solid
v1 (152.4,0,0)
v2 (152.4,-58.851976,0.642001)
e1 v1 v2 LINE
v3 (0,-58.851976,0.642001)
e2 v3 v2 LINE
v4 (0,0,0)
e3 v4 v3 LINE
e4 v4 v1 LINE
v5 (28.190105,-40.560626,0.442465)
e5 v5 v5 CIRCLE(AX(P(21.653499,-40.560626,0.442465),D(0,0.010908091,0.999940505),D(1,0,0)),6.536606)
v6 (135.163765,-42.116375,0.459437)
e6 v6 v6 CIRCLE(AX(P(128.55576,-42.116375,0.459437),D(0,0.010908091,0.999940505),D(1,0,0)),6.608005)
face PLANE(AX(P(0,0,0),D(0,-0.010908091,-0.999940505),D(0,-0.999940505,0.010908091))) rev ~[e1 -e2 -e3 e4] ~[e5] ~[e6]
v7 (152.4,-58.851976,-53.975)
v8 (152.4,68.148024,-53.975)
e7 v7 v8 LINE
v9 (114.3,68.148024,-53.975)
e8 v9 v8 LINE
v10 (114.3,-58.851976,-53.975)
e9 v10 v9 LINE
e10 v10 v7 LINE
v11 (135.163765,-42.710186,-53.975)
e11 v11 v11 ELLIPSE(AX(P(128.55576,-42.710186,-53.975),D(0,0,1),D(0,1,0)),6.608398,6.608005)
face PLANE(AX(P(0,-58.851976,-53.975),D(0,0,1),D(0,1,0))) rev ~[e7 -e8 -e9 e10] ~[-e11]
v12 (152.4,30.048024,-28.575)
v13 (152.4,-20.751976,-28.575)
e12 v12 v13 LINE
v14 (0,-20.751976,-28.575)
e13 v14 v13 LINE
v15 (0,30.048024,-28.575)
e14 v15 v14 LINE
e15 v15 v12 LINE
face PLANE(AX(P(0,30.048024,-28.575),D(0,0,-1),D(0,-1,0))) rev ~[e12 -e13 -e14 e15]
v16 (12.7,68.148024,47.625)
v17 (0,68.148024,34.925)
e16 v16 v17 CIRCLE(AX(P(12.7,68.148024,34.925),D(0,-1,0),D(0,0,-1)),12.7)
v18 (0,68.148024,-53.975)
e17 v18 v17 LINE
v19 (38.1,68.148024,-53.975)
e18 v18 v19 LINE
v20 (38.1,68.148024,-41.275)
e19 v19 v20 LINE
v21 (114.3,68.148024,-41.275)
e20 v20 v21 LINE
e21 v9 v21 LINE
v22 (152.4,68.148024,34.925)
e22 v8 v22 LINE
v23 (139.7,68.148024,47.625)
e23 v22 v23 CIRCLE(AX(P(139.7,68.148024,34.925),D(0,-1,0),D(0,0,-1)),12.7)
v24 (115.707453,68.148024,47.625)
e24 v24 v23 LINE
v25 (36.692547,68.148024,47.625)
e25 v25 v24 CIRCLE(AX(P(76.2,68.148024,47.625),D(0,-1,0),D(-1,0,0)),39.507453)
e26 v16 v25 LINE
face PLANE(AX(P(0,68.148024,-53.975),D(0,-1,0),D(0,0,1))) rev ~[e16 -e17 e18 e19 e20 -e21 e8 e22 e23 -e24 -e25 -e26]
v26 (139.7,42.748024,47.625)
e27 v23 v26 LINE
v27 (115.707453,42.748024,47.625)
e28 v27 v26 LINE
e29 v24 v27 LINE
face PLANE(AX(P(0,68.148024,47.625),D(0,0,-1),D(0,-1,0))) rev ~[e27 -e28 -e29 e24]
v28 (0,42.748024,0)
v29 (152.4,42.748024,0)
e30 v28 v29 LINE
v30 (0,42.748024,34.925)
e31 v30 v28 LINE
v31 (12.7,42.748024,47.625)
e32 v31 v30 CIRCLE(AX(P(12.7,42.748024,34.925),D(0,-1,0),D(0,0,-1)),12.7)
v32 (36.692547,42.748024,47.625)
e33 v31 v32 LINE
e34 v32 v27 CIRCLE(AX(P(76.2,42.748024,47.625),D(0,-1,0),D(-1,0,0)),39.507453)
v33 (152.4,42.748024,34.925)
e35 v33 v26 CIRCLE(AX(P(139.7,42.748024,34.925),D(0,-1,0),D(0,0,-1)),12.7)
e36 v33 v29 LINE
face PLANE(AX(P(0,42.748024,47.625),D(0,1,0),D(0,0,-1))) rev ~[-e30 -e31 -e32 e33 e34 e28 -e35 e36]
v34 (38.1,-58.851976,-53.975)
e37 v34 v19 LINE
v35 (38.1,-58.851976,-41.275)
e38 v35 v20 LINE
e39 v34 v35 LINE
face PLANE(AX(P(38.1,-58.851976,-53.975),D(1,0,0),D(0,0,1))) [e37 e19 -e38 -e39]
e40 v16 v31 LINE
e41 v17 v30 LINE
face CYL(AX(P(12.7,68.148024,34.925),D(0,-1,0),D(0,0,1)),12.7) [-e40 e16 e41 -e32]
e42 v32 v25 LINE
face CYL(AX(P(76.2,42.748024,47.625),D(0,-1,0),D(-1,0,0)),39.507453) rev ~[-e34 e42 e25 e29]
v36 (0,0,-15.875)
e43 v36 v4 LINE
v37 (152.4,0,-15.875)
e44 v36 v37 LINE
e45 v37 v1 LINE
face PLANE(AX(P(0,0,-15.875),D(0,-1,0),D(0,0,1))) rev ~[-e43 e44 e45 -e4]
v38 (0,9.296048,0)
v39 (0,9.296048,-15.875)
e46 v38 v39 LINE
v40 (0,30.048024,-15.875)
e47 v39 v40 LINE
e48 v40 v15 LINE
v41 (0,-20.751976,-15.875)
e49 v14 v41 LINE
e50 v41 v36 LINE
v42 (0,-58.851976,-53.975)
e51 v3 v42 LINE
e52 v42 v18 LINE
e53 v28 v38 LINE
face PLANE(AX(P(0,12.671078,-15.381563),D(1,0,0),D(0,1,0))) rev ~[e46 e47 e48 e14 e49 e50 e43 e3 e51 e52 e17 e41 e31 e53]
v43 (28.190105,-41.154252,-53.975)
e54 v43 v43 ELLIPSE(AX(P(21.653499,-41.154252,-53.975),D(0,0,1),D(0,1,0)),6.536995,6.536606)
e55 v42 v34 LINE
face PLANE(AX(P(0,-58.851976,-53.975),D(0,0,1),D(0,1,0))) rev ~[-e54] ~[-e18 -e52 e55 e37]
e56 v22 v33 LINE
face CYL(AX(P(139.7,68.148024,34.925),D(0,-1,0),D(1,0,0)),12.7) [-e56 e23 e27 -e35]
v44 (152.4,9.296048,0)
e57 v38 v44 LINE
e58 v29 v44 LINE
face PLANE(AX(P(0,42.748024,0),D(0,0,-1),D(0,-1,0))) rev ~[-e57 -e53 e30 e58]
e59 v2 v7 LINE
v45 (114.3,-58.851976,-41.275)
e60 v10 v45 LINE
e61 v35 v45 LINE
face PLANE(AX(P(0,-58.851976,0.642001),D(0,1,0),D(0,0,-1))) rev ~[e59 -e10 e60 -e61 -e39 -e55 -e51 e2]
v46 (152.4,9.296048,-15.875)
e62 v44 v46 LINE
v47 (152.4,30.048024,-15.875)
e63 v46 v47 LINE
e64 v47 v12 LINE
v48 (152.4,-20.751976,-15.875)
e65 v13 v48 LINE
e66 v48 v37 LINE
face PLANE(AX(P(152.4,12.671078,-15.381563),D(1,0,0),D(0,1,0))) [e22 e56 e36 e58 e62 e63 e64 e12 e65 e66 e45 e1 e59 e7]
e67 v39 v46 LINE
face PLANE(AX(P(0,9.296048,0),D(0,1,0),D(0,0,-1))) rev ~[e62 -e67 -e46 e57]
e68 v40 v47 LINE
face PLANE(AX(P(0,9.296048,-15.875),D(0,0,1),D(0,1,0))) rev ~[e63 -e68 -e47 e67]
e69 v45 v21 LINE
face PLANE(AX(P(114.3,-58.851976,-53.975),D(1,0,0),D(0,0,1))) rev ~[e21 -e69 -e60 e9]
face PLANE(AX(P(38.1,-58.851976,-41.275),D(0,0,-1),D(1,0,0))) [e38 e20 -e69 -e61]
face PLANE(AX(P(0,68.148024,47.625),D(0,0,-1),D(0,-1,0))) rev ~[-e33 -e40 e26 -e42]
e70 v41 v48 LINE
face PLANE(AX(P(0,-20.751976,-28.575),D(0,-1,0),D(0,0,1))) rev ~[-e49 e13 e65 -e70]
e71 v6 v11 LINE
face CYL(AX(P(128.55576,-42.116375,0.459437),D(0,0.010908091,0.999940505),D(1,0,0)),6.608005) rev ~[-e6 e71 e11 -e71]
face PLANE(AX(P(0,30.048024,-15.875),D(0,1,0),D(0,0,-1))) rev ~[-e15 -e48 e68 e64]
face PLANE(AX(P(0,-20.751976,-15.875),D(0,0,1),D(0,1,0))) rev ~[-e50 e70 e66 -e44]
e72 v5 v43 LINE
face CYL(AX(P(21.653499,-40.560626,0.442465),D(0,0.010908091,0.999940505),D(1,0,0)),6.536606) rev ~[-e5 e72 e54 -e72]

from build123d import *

# Parameters (mm, degrees)
F1_DEPTH = 152.4
F2_W     = 76.2
F2_H     = 12.7
F3_DEPTH = 127.001
F4_R     = 39.507453211
F5_DEPTH = 25.4
F6_R     = 12.7
F7_R     = 6.6080051974
F7_R_2   = 6.5366056143
F8_DEPTH = 54.6147514972


with BuildPart() as f1:
    # F0 (on Right) → F1 (new body)
    with BuildSketch(Plane.YZ):
        Polygon((68.1480239093, 47.625), (42.7480239093, 47.625), (42.7480239093, 0), (9.2960478187, 0), (9.2960478187, -15.875), (30.0480239093, -15.875), (30.0480239093, -28.575), (-20.7519760907, -28.575), (-20.7519760907, -15.875), (0, -15.875), (0, 0), (-58.8519760907, 0.6420009357), (-58.8519760907, -53.975), (68.1480239093, -53.975), align=None)
    extrude(amount=F1_DEPTH)

    # F2 (on face) → F3 (cut, through all)
    with BuildSketch(Plane.XZ.offset(58.8519760907)):
        with Locations((76.2, -47.625)):
            Rectangle(F2_W, F2_H)
    extrude(amount=-F3_DEPTH, mode=Mode.SUBTRACT)

    # F4 (on face) → F5 (cut)
    with BuildSketch(Plane.XZ.offset(-42.7480239093)):
        with Locations((76.2, 47.625)):
            Circle(F4_R)
        with BuildLine():
            ThreePointArc((36.692546789, 47.625), (76.2, 8.117546789), (115.707453211, 47.625))
            Line((115.707453211, 47.625), (36.692546789, 47.625))
        make_face()
    extrude(amount=-F5_DEPTH, mode=Mode.SUBTRACT)

    # F6
    f6_edges = [f1.edges().sort_by_distance(p)[0] for p in [
        (152.4, 55.448024, 47.625),
        (0, 55.448024, 47.625),
    ]]
    fillet(f6_edges, radius=F6_R)

    # F7 (on face) → F8 (cut, through all)
    with BuildSketch(Plane(origin=(0, 0, 0), x_dir=(1, 0, 0), z_dir=(0, 0.0109080915, 0.999940505))):
        with Locations((128.5557597876, -42.1188808978)):
            Circle(F7_R)
        with Locations((21.6534994543, -40.5630394816)):
            Circle(F7_R_2)
    extrude(amount=-F8_DEPTH, mode=Mode.SUBTRACT)


solid = f1.part
